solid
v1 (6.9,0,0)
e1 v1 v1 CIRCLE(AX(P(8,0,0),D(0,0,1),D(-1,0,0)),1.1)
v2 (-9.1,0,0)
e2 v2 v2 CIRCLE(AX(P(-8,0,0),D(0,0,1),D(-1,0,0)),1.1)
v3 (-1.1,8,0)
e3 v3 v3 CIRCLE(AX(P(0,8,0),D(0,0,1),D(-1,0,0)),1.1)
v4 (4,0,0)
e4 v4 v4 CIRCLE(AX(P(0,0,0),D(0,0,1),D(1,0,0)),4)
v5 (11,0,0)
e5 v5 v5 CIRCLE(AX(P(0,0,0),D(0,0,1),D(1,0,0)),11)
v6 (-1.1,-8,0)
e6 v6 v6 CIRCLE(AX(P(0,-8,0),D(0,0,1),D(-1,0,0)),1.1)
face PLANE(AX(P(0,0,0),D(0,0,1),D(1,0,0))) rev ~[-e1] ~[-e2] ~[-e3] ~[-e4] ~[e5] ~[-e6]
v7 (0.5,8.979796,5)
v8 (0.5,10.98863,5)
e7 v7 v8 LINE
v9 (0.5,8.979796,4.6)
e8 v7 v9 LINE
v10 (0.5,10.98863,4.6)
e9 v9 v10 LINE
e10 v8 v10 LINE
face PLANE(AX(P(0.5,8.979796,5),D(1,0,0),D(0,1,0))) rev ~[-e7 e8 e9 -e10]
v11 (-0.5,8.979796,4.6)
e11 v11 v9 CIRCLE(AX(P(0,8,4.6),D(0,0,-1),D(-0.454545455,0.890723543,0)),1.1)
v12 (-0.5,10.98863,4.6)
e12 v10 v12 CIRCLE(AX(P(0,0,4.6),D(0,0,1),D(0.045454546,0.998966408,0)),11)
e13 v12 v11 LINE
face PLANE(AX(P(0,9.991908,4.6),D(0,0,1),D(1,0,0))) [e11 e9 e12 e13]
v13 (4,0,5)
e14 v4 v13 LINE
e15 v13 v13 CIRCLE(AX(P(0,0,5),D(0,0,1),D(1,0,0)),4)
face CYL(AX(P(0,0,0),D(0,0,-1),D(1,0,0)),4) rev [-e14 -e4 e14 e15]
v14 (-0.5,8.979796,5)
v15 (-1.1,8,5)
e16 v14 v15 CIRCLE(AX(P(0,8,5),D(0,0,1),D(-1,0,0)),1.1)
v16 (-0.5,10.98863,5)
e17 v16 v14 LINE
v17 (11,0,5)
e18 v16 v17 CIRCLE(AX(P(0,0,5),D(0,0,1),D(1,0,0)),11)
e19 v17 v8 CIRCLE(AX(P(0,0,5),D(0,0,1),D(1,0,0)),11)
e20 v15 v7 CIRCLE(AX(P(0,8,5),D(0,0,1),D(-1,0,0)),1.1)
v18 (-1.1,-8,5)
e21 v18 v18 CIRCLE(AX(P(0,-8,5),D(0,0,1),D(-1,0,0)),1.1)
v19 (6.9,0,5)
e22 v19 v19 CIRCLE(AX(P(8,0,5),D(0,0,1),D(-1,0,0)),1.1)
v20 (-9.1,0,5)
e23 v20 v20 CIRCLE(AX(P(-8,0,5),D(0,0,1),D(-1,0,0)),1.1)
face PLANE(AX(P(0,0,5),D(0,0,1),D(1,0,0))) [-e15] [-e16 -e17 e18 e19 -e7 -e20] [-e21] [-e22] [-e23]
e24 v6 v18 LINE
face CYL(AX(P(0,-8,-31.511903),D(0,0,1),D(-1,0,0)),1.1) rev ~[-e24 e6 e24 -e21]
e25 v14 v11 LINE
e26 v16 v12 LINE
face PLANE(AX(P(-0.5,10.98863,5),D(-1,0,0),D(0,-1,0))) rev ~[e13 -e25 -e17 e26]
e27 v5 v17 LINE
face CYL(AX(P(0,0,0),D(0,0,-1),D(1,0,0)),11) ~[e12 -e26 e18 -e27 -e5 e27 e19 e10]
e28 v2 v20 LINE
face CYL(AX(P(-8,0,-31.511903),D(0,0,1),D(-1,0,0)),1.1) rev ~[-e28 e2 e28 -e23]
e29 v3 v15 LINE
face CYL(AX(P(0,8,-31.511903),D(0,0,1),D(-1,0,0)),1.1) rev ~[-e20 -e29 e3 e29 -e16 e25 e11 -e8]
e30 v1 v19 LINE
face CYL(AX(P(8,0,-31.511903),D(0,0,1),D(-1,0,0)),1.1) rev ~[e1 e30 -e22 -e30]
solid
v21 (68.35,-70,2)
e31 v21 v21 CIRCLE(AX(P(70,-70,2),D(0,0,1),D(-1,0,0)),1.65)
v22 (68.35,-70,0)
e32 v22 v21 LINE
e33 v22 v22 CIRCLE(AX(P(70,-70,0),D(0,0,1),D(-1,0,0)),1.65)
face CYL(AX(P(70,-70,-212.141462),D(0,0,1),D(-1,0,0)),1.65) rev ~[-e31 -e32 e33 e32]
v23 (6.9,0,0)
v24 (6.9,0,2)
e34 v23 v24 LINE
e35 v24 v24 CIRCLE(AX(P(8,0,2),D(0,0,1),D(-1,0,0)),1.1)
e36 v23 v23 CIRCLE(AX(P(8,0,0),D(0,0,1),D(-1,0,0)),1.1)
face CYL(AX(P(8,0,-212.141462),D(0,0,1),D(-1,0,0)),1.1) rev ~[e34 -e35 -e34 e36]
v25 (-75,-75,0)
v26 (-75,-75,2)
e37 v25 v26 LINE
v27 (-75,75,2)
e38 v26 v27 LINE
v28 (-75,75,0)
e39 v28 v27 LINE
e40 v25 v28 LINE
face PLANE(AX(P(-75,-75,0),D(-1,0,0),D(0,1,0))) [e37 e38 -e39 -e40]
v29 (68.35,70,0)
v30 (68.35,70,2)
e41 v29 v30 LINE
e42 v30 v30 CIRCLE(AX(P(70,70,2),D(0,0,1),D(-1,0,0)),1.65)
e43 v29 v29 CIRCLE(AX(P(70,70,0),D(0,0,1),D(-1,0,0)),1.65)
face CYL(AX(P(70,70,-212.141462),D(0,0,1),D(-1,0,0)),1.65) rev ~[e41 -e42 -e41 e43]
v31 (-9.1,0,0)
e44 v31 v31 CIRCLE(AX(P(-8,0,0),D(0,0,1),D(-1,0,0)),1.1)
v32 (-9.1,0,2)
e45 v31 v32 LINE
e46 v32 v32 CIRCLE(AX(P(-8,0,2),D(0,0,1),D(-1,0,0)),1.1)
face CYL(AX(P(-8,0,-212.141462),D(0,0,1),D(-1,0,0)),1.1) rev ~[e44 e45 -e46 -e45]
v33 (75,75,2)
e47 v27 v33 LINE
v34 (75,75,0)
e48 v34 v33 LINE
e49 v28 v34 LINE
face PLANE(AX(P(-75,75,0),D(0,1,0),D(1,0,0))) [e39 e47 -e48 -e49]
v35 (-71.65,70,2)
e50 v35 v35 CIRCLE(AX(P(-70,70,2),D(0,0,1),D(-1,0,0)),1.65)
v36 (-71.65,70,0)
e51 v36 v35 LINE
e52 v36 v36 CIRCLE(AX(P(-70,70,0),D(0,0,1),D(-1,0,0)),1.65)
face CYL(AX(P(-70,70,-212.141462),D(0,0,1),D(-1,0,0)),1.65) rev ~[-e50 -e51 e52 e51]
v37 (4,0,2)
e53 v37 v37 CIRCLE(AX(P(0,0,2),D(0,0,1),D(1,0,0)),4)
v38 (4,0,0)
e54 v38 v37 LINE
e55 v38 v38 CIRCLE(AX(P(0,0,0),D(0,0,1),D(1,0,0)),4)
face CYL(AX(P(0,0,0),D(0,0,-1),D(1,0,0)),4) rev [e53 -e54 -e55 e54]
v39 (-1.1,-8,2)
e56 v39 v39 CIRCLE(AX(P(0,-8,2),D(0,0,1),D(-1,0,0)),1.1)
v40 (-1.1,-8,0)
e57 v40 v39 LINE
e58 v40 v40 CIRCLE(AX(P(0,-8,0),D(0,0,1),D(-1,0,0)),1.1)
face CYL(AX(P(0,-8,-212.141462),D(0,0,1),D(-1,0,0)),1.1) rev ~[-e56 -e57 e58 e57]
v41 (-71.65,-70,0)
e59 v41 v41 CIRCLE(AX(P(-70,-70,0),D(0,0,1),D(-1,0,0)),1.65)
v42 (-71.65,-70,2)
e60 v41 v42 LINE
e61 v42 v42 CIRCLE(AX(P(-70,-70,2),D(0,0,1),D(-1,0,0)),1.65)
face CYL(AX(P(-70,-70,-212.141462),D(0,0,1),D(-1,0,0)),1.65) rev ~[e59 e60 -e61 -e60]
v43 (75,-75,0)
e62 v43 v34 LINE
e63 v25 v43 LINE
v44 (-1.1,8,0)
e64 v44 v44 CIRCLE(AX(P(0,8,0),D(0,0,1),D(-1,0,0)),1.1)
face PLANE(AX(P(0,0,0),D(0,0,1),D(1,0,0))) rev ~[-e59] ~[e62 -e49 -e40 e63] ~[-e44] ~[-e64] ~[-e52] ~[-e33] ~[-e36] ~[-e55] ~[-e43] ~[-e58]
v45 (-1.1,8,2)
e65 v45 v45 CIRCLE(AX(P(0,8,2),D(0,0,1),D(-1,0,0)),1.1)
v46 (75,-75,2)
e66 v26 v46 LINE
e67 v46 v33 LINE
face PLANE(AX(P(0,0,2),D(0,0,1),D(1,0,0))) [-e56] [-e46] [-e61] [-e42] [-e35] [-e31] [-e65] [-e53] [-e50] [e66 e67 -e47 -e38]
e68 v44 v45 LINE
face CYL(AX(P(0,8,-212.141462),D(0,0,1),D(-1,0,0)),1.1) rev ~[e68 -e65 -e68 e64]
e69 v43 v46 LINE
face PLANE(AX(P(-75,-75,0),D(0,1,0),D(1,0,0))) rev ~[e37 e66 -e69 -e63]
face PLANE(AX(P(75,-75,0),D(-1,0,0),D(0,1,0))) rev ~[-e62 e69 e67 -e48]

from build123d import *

# Parameters (mm, degrees)
F0_W     = 150
F0_H     = 150
F0_R     = 4
F1_DEPTH = 2
F2_D     = 2.2
F3_D     = 3.3
F4_R     = 11
F4_R_2   = 4
F5_DEPTH = 5
F6_D     = 2.2
F8_DEPTH = 0.4


with BuildPart() as f1:
    # F0 (on Top) → F1 (new body)
    with BuildSketch(Plane.XY):
        Rectangle(F0_W, F0_H)
        Circle(F0_R, mode=Mode.SUBTRACT)
    extrude(amount=F1_DEPTH)

    # F2 (through all)
    with Locations(Plane(origin=(0, 0, 0), x_dir=(1, 0, 0), z_dir=(0, 0, -1))):
        with Locations((0, -8), (-8, 0), (0, 8), (8, 0)):
            Hole(F2_D / 2)

    # F3 (through all)
    with Locations(Plane(origin=(0, 0, 0), x_dir=(1, 0, 0), z_dir=(0, 0, -1))):
        with Locations((-70, -70), (-70, 70), (70, 70), (70, -70)):
            Hole(F3_D / 2)


with BuildPart() as f5:
    # F4 (on Top) → F5 (new body)
    with BuildSketch(Plane.XY):
        Circle(F4_R)
        Circle(F4_R_2, mode=Mode.SUBTRACT)
    extrude(amount=F5_DEPTH)

    # F6 (through all)
    with Locations(Plane(origin=(0, 0, 0), x_dir=(1, 0, 0), z_dir=(0, 0, -1))):
        with Locations((0, 8), (8, 0), (0, -8), (-8, 0)):
            Hole(F6_D / 2)

    # F7 (on face) → F8 (cut)
    with BuildSketch(Plane.XY.offset(5)):
        with BuildLine():
            Line((-0.5, 10.9886304879), (-0.5, 8.9797958971))
            ThreePointArc((-0.5, 8.9797958971), (0, 9.1), (0.5, 8.9797958971))
            Line((0.5, 8.9797958971), (0.5, 10.9886304879))
            ThreePointArc((0.5, 10.9886304879), (0, 11), (-0.5, 10.9886304879))
        make_face()
    extrude(amount=-F8_DEPTH, mode=Mode.SUBTRACT)


solid = Compound([f1.part, f5.part])
